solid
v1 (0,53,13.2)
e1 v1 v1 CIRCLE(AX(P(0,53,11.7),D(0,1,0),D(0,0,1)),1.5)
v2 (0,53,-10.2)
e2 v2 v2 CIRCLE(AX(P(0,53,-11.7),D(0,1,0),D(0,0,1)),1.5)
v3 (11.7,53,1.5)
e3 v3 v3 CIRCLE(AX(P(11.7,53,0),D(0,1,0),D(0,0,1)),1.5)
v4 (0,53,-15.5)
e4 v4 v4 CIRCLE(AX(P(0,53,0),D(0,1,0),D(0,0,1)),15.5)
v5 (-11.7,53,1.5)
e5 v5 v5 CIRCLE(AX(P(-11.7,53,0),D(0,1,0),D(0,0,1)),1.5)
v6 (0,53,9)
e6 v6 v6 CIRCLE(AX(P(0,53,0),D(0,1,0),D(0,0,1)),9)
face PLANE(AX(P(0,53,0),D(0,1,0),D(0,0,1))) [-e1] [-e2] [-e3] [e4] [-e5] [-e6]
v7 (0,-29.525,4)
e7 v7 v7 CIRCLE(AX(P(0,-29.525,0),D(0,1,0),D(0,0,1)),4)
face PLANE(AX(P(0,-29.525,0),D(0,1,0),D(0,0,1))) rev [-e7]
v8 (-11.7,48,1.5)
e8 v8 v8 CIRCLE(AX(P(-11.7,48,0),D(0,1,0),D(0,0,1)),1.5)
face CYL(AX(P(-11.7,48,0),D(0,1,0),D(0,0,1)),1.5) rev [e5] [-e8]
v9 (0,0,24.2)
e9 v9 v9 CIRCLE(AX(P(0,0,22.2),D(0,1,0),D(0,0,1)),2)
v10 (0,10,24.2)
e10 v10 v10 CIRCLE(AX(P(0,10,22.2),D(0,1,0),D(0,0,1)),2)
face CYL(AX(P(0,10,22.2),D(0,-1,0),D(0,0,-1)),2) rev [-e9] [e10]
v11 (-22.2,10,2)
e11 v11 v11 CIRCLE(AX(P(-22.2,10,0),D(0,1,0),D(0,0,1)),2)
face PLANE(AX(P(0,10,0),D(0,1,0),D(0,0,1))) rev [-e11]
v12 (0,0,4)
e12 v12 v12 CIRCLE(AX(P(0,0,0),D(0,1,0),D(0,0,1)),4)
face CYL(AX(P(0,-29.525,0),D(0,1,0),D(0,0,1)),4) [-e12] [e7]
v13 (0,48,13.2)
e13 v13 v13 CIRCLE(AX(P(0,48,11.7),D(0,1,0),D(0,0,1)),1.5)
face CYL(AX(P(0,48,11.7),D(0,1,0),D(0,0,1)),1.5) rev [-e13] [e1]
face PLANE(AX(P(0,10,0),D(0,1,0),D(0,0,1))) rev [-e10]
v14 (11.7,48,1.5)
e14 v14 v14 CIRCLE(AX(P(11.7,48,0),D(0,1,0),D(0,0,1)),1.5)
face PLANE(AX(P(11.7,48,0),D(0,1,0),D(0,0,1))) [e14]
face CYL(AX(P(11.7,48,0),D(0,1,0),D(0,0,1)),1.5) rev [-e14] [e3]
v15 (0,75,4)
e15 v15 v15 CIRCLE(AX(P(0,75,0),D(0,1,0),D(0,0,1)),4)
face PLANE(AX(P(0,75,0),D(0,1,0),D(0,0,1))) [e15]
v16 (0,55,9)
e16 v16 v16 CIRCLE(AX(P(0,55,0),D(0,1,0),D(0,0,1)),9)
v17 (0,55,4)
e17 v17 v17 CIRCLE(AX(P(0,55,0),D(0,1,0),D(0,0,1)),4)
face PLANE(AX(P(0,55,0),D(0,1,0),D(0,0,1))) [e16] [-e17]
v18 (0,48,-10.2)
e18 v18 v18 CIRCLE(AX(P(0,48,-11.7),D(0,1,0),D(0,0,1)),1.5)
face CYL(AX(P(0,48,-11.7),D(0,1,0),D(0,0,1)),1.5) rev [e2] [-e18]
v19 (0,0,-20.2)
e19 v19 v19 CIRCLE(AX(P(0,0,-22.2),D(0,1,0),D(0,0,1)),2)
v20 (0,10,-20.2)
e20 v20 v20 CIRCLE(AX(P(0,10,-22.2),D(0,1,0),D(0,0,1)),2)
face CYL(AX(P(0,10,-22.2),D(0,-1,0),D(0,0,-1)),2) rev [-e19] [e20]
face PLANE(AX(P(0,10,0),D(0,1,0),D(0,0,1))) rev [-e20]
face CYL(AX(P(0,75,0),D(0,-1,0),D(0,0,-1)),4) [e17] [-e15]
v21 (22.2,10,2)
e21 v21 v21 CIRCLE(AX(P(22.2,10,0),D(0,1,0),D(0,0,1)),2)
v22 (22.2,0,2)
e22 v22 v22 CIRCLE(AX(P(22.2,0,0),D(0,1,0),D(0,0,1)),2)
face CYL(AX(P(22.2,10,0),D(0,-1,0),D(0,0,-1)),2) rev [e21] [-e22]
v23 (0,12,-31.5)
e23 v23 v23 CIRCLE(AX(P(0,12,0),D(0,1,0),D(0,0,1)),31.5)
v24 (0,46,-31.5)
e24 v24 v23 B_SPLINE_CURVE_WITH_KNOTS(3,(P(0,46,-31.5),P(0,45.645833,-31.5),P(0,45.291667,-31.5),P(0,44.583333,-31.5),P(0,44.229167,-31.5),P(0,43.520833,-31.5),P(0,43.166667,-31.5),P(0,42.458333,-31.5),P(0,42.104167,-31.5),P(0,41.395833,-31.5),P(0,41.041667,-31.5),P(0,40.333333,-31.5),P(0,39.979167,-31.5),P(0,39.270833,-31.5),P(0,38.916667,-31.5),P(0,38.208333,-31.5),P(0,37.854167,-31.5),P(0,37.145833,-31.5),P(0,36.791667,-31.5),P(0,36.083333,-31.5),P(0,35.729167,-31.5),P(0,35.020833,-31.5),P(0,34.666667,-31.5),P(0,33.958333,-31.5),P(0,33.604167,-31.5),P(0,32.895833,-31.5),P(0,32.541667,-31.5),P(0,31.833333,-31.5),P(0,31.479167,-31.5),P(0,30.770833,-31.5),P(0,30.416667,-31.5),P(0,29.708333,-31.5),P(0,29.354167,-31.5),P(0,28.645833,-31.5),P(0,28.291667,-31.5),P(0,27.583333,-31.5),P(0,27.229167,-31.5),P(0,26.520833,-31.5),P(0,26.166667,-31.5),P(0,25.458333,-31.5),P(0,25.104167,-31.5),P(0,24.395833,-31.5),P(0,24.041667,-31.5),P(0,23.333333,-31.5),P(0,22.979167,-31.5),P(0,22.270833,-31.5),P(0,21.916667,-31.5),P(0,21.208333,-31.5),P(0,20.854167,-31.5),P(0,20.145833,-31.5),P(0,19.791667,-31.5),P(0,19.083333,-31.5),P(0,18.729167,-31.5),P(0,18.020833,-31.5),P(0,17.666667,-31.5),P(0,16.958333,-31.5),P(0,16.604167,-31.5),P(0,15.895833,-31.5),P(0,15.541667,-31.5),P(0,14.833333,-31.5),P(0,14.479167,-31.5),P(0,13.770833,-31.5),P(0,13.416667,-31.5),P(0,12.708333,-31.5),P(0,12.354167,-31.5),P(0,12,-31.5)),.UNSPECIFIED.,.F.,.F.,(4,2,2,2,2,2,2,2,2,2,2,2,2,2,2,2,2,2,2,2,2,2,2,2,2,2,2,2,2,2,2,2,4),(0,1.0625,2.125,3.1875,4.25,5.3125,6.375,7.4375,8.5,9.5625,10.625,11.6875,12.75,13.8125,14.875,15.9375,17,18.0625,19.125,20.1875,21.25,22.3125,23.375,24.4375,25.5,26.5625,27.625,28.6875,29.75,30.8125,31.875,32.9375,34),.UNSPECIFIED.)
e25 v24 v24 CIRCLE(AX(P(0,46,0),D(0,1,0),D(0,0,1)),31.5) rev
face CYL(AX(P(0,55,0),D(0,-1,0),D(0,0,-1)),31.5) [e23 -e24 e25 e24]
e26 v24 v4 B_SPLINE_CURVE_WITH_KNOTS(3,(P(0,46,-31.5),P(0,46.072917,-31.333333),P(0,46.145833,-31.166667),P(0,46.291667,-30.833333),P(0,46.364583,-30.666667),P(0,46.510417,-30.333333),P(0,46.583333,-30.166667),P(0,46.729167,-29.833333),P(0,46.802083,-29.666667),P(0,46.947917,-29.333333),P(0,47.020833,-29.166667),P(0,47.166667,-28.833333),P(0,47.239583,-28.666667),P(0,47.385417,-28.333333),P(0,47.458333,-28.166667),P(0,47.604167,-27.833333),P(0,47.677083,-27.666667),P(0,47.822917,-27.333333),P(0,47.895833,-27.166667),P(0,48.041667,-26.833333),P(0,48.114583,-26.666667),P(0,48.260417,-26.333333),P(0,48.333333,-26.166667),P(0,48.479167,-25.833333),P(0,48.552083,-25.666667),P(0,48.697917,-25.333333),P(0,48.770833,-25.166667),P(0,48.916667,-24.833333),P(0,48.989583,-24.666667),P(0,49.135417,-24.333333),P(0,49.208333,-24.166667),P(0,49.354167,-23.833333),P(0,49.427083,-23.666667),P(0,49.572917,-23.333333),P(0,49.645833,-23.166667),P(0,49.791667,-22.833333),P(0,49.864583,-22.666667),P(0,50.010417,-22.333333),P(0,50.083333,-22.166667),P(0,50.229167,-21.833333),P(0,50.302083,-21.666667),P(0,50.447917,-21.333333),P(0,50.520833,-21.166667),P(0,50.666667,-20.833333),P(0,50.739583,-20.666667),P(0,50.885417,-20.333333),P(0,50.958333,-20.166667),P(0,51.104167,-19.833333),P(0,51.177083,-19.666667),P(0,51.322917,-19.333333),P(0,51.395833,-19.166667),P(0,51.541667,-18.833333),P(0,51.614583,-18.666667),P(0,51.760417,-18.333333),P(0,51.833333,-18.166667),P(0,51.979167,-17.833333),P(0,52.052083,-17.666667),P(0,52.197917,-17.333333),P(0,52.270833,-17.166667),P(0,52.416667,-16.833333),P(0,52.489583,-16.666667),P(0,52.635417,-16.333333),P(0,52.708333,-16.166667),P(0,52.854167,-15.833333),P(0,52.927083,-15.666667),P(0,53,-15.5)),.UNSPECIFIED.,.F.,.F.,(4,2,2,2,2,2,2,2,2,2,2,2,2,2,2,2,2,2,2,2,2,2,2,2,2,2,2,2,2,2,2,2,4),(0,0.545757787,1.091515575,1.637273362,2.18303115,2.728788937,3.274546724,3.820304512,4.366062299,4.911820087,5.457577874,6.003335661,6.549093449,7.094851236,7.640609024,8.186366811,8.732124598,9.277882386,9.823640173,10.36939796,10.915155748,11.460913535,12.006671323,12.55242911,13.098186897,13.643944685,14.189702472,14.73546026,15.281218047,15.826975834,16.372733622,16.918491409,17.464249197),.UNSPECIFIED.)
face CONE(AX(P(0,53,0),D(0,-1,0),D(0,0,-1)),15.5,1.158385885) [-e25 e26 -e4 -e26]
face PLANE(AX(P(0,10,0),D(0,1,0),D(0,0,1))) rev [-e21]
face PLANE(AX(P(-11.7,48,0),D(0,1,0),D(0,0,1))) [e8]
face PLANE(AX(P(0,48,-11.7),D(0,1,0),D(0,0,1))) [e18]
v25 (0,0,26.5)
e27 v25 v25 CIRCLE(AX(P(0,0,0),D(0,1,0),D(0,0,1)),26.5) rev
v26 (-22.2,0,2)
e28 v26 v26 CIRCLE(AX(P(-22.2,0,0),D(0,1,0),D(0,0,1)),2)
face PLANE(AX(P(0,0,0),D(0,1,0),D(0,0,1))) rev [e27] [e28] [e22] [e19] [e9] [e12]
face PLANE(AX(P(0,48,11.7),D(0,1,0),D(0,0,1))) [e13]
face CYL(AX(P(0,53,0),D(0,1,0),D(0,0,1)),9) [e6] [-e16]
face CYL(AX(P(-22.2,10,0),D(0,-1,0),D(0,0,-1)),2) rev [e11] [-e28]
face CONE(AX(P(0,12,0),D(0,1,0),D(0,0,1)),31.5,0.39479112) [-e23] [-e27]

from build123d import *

# Parameters (mm, degrees)
SKETCH1_R           = 31.5
BOSS_EXTRUDE1_DEPTH = 55
CUT_EXTRUDE1_START  = 53
SKETCH1_4_R         = 31.5
SKETCH1_4_R_2       = 9
CUT_EXTRUDE1_DEPTH  = 2
SKETCH1_5_R         = 4
BOSS_EXTRUDE2_DEPTH = 29.525
SKETCH1_7_R         = 2
CUT_EXTRUDE2_DEPTH  = 10
CUT_EXTRUDE3_START  = 53
SKETCH1_10_R        = 1.5
CUT_EXTRUDE3_DEPTH  = 5
CHAMFER1_SIZE       = 5
CHAMFER1_SIZE2      = 12
CHAMFER2_SIZE       = 7
CHAMFER2_SIZE2      = 16
BOSS_EXTRUDE4_START = 75
SKETCH1_11_R        = 4
BOSS_EXTRUDE4_DEPTH = 20


with BuildPart() as part:
    # Sketch1 → Boss-Extrude1 (new body)
    with BuildSketch(Plane(origin=(0, 0, 0), x_dir=(1, 0, 0), z_dir=(0, 1, 0))):
        with Locations(Location((0, 0, 0), (0, 0, 270))):
            Circle(SKETCH1_R)
    extrude(amount=BOSS_EXTRUDE1_DEPTH)

    # Sketch1<4> → Cut-Extrude1 (cut)
    with BuildSketch(Plane(origin=(0, 0, 0), x_dir=(1, 0, 0), z_dir=(0, 1, 0)).offset(CUT_EXTRUDE1_START)):
        with Locations(Location((0, 0, 0), (0, 0, 270))):
            Circle(SKETCH1_4_R)
        with Locations(Location((0, 0, 0), (0, 0, 270))):
            Circle(SKETCH1_4_R_2, mode=Mode.SUBTRACT)
    extrude(amount=CUT_EXTRUDE1_DEPTH, mode=Mode.SUBTRACT)

    # Sketch1<5> → Boss-Extrude2 (add)
    with BuildSketch(Plane(origin=(0, 0, 0), x_dir=(1, 0, 0), z_dir=(0, 1, 0))):
        with Locations(Location((0, 0, 0), (0, 0, 270))):
            Circle(SKETCH1_5_R)
    extrude(amount=-BOSS_EXTRUDE2_DEPTH)

    # Sketch1<7> → Cut-Extrude2 (cut)
    with BuildSketch(Plane(origin=(0, 0, 0), x_dir=(1, 0, 0), z_dir=(0, 1, 0))):
        with Locations(Location((22.2, 0, 0), (0, 0, 270))):
            Circle(SKETCH1_7_R)
        with Locations(Location((0, 22.2, 0), (0, 0, 270))):
            Circle(SKETCH1_7_R)
        with Locations(Location((-22.2, 0, 0), (0, 0, 270))):
            Circle(SKETCH1_7_R)
        with Locations(Location((0, -22.2, 0), (0, 0, 270))):
            Circle(SKETCH1_7_R)
    extrude(amount=CUT_EXTRUDE2_DEPTH, mode=Mode.SUBTRACT)

    # Sketch1<10> → Cut-Extrude3 (cut)
    with BuildSketch(Plane(origin=(0, 0, 0), x_dir=(1, 0, 0), z_dir=(0, 1, 0)).offset(CUT_EXTRUDE3_START)):
        with Locations(Location((-11.7, 0, 0), (0, 0, 270))):
            Circle(SKETCH1_10_R)
        with Locations(Location((0, 11.7, 0), (0, 0, 270))):
            Circle(SKETCH1_10_R)
        with BuildLine():
            ThreePointArc((13.2, 0), (11.7, 1.5), (10.2, 0))
            Line((10.2, 0), (13.2, 0))
        make_face()
        with BuildLine():
            Line((13.2, 0), (10.2, 0))
            ThreePointArc((10.2, 0), (11.7, -1.5), (13.2, 0))
        make_face()
        with Locations(Location((0, -11.7, 0), (0, 0, 270))):
            Circle(SKETCH1_10_R)
    extrude(amount=-CUT_EXTRUDE3_DEPTH, mode=Mode.SUBTRACT)

    # Chamfer1
    chamfer1_edges = [part.edges().sort_by_distance(p)[0] for p in [
        (0, 0, -31.5),
    ]]
    chamfer1_side = [part.faces().sort_by_distance(p)[0] for p in [
        (0, 0, -30.609045456),
    ]]
    chamfer(chamfer1_edges, length=CHAMFER1_SIZE, length2=CHAMFER1_SIZE2, reference=chamfer1_side[0])

    # Chamfer2
    chamfer2_edges = [part.edges().sort_by_distance(p)[0] for p in [
        (0, 53, -31.5),
    ]]
    chamfer2_side = [part.faces().sort_by_distance(p)[0] for p in [
        (0, 32.5, -31.5),
    ]]
    chamfer(chamfer2_edges, length=CHAMFER2_SIZE, length2=CHAMFER2_SIZE2, reference=chamfer2_side[0])

    # Sketch1<11> → Boss-Extrude4 (add)
    with BuildSketch(Plane(origin=(0, 0, 0), x_dir=(1, 0, 0), z_dir=(0, 1, 0)).offset(BOSS_EXTRUDE4_START)):
        with Locations(Location((0, 0, 0), (0, 0, 270))):
            Circle(SKETCH1_11_R)
    extrude(amount=-BOSS_EXTRUDE4_DEPTH)


solid = part.part
